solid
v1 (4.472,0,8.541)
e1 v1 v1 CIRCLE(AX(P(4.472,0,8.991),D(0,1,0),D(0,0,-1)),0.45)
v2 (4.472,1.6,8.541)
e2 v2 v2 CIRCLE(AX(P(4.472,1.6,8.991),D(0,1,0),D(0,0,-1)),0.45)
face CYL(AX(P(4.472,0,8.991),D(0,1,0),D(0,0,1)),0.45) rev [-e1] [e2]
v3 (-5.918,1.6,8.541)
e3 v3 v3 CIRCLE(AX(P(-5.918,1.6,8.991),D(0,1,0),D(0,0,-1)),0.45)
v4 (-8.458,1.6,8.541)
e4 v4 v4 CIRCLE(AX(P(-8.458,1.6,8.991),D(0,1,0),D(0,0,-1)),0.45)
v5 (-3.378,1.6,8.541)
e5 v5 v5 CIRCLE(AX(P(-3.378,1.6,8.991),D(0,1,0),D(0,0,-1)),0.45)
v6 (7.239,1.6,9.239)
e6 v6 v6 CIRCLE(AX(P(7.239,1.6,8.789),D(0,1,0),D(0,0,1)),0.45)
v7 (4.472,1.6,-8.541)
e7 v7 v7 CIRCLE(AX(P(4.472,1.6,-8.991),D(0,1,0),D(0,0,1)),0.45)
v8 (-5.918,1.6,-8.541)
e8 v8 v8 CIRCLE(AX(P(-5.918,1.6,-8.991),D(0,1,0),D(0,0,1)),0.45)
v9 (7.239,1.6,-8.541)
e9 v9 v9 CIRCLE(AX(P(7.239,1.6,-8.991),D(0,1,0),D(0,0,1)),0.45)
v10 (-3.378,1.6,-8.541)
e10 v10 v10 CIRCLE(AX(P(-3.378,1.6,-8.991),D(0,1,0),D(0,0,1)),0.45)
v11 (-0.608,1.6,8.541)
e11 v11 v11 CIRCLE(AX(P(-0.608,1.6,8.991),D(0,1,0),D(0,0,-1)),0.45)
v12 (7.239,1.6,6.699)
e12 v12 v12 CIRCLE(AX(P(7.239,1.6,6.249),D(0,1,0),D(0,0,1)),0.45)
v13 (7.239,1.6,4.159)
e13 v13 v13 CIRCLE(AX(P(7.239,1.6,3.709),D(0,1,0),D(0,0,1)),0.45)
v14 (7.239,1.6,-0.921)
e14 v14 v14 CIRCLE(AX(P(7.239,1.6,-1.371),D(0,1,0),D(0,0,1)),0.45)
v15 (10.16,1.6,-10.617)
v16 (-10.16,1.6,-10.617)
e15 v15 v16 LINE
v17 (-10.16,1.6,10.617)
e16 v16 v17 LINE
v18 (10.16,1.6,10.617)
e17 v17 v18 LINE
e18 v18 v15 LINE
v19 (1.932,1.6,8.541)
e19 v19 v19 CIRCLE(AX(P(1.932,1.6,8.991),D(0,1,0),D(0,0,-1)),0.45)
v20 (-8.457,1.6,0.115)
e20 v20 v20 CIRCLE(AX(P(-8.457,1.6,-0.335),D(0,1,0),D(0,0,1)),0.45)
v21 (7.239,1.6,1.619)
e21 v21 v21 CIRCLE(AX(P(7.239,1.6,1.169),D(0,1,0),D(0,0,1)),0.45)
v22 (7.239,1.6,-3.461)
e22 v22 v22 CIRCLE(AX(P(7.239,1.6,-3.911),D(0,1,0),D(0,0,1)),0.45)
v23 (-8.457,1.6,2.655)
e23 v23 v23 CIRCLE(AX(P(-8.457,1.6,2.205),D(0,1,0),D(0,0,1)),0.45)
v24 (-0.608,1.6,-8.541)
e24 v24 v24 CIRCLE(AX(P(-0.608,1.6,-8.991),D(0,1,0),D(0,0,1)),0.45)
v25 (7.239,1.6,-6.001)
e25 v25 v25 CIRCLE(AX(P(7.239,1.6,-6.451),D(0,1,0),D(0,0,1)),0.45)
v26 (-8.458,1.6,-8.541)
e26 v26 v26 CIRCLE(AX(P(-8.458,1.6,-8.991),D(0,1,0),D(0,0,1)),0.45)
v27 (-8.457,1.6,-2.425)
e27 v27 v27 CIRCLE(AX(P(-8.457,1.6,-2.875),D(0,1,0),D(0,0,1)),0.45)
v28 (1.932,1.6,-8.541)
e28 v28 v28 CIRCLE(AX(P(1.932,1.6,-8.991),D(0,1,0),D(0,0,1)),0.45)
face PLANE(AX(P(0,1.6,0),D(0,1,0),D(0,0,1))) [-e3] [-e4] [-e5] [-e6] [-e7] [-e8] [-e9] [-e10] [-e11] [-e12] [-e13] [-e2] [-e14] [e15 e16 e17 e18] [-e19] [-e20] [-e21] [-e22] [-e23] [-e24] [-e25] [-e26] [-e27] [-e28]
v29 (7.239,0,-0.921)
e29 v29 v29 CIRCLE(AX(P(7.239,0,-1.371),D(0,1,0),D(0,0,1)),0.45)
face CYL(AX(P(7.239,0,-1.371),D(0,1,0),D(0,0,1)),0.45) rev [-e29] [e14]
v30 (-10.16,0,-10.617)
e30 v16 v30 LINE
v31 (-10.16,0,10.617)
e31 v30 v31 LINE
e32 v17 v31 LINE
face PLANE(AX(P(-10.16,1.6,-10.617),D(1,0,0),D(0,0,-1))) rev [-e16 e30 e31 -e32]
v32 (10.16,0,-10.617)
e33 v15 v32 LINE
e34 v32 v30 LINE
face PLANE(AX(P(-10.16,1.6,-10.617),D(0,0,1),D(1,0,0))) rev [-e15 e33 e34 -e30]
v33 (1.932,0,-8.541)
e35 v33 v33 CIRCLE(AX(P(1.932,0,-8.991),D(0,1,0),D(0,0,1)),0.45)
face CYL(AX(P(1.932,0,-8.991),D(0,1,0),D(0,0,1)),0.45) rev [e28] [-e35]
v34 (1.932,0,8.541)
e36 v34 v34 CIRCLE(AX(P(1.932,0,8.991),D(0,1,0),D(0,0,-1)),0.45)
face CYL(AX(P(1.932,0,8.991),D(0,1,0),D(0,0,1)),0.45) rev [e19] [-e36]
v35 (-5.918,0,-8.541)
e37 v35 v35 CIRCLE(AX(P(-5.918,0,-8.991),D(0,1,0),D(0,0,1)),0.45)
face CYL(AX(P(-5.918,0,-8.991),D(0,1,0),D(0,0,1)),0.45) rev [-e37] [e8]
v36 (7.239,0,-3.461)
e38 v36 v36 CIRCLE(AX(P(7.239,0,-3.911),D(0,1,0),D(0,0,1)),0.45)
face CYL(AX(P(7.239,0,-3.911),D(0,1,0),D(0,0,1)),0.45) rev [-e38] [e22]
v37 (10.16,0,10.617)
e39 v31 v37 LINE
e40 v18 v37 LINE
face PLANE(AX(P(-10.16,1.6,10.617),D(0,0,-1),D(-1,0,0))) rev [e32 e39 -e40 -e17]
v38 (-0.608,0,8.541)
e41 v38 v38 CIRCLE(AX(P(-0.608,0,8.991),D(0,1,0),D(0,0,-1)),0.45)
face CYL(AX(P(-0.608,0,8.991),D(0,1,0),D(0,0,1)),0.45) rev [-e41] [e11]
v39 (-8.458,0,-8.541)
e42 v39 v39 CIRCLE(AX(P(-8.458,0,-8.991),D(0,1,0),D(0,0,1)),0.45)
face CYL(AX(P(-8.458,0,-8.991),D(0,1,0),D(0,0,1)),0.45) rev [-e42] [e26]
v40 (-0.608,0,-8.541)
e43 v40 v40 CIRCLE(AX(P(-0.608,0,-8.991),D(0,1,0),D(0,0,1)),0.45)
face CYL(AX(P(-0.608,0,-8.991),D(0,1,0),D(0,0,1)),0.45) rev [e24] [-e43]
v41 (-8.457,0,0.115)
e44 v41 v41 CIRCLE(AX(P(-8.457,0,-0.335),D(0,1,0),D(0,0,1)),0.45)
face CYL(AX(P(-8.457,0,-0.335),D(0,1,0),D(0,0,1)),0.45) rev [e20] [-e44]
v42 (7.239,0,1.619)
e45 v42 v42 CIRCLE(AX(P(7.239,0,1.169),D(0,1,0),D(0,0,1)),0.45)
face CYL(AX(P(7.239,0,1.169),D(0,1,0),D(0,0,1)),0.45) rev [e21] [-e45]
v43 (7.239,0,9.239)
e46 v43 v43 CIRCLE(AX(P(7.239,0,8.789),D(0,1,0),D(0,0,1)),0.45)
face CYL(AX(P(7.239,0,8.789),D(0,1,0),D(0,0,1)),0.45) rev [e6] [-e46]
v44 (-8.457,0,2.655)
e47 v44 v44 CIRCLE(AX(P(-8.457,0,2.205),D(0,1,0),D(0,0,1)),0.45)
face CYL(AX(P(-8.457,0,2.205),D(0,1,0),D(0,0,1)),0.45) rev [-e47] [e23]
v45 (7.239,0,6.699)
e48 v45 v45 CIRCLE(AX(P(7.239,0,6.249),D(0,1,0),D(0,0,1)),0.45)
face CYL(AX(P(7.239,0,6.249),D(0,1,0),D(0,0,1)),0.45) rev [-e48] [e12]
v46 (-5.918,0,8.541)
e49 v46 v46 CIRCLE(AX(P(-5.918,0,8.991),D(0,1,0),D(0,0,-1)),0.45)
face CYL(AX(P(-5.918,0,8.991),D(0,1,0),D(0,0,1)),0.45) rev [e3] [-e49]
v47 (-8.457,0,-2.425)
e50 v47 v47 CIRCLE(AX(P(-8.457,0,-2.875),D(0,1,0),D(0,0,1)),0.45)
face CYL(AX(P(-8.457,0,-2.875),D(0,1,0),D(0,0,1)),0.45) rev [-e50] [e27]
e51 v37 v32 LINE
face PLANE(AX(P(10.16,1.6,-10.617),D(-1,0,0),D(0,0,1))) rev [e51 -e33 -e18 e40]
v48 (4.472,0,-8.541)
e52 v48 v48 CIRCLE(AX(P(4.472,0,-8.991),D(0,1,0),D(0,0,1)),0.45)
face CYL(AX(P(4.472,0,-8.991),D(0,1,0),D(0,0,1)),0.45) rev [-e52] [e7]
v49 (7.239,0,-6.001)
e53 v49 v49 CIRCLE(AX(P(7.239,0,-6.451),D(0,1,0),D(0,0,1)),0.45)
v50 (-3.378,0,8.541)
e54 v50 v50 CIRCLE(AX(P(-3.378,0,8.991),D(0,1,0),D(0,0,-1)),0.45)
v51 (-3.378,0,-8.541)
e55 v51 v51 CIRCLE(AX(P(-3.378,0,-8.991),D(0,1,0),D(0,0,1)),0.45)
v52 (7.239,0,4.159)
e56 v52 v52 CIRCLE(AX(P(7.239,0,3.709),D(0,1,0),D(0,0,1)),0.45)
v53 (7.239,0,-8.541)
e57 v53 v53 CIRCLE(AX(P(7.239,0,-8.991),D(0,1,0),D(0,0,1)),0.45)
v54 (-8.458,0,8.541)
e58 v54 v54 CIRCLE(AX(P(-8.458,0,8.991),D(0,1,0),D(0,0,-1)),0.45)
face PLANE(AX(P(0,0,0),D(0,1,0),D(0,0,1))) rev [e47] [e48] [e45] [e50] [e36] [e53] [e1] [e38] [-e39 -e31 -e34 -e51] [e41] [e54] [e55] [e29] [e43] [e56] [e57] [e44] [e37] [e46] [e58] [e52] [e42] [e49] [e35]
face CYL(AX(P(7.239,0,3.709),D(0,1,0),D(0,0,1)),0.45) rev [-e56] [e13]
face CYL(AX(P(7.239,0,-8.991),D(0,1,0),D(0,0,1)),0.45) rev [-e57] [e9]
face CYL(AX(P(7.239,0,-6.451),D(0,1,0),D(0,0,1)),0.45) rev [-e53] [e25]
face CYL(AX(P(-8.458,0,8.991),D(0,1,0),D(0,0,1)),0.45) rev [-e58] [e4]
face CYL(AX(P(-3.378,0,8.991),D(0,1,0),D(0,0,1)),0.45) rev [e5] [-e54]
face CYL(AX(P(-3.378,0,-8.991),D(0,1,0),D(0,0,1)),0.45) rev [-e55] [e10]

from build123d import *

# Parameters (mm, degrees)
SKETCH_1_W          = 20.32
SKETCH_1_H          = 21.234
EXTRUDE_1_DEPTH     = 1.6
SKETCH_3_R          = 0.45
CUT_EXTRUDE_1_DEPTH = 15.781958226


with BuildPart() as part:
    # Эскиз1 → Бобышка-Вытянуть1 (new body)
    with BuildSketch(Plane(origin=(0, 0, 0), x_dir=(1, 0, 0), z_dir=(0, 1, 0))):
        Rectangle(SKETCH_1_W, SKETCH_1_H)
    extrude(amount=EXTRUDE_1_DEPTH)

    # Эскиз3 → Вырез-Вытянуть1 (cut, through all)
    with BuildSketch(Plane(origin=(0, 1.6, 0), x_dir=(1, 0, 0), z_dir=(0, 1, 0))):
        with Locations(Location((-8.458, 8.991, 0), (0, 0, 270))):
            Circle(SKETCH_3_R)
        with Locations(Location((-5.918, 8.991, 0), (0, 0, 270))):
            Circle(SKETCH_3_R)
        with Locations(Location((-3.378, 8.991, 0), (0, 0, 270))):
            Circle(SKETCH_3_R)
        with Locations(Location((-0.608, 8.991, 0), (0, 0, 270))):
            Circle(SKETCH_3_R)
        with Locations(Location((1.932, 8.991, 0), (0, 0, 270))):
            Circle(SKETCH_3_R)
        with Locations(Location((4.472, 8.991, 0), (0, 0, 270))):
            Circle(SKETCH_3_R)
        with Locations(Location((4.472, -8.991, 0), (0, 0, 90))):
            Circle(SKETCH_3_R)
        with Locations(Location((1.932, -8.991, 0), (0, 0, 90))):
            Circle(SKETCH_3_R)
        with Locations(Location((-0.608, -8.991, 0), (0, 0, 90))):
            Circle(SKETCH_3_R)
        with Locations(Location((-3.378, -8.991, 0), (0, 0, 90))):
            Circle(SKETCH_3_R)
        with Locations(Location((-5.918, -8.991, 0), (0, 0, 90))):
            Circle(SKETCH_3_R)
        with Locations(Location((-8.458, -8.991, 0), (0, 0, 90))):
            Circle(SKETCH_3_R)
        with Locations(Location((7.239, 8.991, 0), (0, 0, 270))):
            Circle(SKETCH_3_R)
        with Locations(Location((7.239, 6.451, 0), (0, 0, 270))):
            Circle(SKETCH_3_R)
        with Locations(Location((7.239, 3.911, 0), (0, 0, 270))):
            Circle(SKETCH_3_R)
        with Locations(Location((7.239, 1.371, 0), (0, 0, 270))):
            Circle(SKETCH_3_R)
        with Locations(Location((7.239, -1.169, 0), (0, 0, 270))):
            Circle(SKETCH_3_R)
        with Locations(Location((7.239, -3.709, 0), (0, 0, 270))):
            Circle(SKETCH_3_R)
        with Locations(Location((7.239, -6.249, 0), (0, 0, 270))):
            Circle(SKETCH_3_R)
        with Locations(Location((7.239, -8.789, 0), (0, 0, 270))):
            Circle(SKETCH_3_R)
        with Locations(Location((-8.457, 2.875, 0), (0, 0, 270))):
            Circle(SKETCH_3_R)
        with Locations(Location((-8.457, 0.335, 0), (0, 0, 270))):
            Circle(SKETCH_3_R)
        with Locations(Location((-8.457, -2.205, 0), (0, 0, 270))):
            Circle(SKETCH_3_R)
    extrude(amount=-CUT_EXTRUDE_1_DEPTH, mode=Mode.SUBTRACT)


solid = part.part
